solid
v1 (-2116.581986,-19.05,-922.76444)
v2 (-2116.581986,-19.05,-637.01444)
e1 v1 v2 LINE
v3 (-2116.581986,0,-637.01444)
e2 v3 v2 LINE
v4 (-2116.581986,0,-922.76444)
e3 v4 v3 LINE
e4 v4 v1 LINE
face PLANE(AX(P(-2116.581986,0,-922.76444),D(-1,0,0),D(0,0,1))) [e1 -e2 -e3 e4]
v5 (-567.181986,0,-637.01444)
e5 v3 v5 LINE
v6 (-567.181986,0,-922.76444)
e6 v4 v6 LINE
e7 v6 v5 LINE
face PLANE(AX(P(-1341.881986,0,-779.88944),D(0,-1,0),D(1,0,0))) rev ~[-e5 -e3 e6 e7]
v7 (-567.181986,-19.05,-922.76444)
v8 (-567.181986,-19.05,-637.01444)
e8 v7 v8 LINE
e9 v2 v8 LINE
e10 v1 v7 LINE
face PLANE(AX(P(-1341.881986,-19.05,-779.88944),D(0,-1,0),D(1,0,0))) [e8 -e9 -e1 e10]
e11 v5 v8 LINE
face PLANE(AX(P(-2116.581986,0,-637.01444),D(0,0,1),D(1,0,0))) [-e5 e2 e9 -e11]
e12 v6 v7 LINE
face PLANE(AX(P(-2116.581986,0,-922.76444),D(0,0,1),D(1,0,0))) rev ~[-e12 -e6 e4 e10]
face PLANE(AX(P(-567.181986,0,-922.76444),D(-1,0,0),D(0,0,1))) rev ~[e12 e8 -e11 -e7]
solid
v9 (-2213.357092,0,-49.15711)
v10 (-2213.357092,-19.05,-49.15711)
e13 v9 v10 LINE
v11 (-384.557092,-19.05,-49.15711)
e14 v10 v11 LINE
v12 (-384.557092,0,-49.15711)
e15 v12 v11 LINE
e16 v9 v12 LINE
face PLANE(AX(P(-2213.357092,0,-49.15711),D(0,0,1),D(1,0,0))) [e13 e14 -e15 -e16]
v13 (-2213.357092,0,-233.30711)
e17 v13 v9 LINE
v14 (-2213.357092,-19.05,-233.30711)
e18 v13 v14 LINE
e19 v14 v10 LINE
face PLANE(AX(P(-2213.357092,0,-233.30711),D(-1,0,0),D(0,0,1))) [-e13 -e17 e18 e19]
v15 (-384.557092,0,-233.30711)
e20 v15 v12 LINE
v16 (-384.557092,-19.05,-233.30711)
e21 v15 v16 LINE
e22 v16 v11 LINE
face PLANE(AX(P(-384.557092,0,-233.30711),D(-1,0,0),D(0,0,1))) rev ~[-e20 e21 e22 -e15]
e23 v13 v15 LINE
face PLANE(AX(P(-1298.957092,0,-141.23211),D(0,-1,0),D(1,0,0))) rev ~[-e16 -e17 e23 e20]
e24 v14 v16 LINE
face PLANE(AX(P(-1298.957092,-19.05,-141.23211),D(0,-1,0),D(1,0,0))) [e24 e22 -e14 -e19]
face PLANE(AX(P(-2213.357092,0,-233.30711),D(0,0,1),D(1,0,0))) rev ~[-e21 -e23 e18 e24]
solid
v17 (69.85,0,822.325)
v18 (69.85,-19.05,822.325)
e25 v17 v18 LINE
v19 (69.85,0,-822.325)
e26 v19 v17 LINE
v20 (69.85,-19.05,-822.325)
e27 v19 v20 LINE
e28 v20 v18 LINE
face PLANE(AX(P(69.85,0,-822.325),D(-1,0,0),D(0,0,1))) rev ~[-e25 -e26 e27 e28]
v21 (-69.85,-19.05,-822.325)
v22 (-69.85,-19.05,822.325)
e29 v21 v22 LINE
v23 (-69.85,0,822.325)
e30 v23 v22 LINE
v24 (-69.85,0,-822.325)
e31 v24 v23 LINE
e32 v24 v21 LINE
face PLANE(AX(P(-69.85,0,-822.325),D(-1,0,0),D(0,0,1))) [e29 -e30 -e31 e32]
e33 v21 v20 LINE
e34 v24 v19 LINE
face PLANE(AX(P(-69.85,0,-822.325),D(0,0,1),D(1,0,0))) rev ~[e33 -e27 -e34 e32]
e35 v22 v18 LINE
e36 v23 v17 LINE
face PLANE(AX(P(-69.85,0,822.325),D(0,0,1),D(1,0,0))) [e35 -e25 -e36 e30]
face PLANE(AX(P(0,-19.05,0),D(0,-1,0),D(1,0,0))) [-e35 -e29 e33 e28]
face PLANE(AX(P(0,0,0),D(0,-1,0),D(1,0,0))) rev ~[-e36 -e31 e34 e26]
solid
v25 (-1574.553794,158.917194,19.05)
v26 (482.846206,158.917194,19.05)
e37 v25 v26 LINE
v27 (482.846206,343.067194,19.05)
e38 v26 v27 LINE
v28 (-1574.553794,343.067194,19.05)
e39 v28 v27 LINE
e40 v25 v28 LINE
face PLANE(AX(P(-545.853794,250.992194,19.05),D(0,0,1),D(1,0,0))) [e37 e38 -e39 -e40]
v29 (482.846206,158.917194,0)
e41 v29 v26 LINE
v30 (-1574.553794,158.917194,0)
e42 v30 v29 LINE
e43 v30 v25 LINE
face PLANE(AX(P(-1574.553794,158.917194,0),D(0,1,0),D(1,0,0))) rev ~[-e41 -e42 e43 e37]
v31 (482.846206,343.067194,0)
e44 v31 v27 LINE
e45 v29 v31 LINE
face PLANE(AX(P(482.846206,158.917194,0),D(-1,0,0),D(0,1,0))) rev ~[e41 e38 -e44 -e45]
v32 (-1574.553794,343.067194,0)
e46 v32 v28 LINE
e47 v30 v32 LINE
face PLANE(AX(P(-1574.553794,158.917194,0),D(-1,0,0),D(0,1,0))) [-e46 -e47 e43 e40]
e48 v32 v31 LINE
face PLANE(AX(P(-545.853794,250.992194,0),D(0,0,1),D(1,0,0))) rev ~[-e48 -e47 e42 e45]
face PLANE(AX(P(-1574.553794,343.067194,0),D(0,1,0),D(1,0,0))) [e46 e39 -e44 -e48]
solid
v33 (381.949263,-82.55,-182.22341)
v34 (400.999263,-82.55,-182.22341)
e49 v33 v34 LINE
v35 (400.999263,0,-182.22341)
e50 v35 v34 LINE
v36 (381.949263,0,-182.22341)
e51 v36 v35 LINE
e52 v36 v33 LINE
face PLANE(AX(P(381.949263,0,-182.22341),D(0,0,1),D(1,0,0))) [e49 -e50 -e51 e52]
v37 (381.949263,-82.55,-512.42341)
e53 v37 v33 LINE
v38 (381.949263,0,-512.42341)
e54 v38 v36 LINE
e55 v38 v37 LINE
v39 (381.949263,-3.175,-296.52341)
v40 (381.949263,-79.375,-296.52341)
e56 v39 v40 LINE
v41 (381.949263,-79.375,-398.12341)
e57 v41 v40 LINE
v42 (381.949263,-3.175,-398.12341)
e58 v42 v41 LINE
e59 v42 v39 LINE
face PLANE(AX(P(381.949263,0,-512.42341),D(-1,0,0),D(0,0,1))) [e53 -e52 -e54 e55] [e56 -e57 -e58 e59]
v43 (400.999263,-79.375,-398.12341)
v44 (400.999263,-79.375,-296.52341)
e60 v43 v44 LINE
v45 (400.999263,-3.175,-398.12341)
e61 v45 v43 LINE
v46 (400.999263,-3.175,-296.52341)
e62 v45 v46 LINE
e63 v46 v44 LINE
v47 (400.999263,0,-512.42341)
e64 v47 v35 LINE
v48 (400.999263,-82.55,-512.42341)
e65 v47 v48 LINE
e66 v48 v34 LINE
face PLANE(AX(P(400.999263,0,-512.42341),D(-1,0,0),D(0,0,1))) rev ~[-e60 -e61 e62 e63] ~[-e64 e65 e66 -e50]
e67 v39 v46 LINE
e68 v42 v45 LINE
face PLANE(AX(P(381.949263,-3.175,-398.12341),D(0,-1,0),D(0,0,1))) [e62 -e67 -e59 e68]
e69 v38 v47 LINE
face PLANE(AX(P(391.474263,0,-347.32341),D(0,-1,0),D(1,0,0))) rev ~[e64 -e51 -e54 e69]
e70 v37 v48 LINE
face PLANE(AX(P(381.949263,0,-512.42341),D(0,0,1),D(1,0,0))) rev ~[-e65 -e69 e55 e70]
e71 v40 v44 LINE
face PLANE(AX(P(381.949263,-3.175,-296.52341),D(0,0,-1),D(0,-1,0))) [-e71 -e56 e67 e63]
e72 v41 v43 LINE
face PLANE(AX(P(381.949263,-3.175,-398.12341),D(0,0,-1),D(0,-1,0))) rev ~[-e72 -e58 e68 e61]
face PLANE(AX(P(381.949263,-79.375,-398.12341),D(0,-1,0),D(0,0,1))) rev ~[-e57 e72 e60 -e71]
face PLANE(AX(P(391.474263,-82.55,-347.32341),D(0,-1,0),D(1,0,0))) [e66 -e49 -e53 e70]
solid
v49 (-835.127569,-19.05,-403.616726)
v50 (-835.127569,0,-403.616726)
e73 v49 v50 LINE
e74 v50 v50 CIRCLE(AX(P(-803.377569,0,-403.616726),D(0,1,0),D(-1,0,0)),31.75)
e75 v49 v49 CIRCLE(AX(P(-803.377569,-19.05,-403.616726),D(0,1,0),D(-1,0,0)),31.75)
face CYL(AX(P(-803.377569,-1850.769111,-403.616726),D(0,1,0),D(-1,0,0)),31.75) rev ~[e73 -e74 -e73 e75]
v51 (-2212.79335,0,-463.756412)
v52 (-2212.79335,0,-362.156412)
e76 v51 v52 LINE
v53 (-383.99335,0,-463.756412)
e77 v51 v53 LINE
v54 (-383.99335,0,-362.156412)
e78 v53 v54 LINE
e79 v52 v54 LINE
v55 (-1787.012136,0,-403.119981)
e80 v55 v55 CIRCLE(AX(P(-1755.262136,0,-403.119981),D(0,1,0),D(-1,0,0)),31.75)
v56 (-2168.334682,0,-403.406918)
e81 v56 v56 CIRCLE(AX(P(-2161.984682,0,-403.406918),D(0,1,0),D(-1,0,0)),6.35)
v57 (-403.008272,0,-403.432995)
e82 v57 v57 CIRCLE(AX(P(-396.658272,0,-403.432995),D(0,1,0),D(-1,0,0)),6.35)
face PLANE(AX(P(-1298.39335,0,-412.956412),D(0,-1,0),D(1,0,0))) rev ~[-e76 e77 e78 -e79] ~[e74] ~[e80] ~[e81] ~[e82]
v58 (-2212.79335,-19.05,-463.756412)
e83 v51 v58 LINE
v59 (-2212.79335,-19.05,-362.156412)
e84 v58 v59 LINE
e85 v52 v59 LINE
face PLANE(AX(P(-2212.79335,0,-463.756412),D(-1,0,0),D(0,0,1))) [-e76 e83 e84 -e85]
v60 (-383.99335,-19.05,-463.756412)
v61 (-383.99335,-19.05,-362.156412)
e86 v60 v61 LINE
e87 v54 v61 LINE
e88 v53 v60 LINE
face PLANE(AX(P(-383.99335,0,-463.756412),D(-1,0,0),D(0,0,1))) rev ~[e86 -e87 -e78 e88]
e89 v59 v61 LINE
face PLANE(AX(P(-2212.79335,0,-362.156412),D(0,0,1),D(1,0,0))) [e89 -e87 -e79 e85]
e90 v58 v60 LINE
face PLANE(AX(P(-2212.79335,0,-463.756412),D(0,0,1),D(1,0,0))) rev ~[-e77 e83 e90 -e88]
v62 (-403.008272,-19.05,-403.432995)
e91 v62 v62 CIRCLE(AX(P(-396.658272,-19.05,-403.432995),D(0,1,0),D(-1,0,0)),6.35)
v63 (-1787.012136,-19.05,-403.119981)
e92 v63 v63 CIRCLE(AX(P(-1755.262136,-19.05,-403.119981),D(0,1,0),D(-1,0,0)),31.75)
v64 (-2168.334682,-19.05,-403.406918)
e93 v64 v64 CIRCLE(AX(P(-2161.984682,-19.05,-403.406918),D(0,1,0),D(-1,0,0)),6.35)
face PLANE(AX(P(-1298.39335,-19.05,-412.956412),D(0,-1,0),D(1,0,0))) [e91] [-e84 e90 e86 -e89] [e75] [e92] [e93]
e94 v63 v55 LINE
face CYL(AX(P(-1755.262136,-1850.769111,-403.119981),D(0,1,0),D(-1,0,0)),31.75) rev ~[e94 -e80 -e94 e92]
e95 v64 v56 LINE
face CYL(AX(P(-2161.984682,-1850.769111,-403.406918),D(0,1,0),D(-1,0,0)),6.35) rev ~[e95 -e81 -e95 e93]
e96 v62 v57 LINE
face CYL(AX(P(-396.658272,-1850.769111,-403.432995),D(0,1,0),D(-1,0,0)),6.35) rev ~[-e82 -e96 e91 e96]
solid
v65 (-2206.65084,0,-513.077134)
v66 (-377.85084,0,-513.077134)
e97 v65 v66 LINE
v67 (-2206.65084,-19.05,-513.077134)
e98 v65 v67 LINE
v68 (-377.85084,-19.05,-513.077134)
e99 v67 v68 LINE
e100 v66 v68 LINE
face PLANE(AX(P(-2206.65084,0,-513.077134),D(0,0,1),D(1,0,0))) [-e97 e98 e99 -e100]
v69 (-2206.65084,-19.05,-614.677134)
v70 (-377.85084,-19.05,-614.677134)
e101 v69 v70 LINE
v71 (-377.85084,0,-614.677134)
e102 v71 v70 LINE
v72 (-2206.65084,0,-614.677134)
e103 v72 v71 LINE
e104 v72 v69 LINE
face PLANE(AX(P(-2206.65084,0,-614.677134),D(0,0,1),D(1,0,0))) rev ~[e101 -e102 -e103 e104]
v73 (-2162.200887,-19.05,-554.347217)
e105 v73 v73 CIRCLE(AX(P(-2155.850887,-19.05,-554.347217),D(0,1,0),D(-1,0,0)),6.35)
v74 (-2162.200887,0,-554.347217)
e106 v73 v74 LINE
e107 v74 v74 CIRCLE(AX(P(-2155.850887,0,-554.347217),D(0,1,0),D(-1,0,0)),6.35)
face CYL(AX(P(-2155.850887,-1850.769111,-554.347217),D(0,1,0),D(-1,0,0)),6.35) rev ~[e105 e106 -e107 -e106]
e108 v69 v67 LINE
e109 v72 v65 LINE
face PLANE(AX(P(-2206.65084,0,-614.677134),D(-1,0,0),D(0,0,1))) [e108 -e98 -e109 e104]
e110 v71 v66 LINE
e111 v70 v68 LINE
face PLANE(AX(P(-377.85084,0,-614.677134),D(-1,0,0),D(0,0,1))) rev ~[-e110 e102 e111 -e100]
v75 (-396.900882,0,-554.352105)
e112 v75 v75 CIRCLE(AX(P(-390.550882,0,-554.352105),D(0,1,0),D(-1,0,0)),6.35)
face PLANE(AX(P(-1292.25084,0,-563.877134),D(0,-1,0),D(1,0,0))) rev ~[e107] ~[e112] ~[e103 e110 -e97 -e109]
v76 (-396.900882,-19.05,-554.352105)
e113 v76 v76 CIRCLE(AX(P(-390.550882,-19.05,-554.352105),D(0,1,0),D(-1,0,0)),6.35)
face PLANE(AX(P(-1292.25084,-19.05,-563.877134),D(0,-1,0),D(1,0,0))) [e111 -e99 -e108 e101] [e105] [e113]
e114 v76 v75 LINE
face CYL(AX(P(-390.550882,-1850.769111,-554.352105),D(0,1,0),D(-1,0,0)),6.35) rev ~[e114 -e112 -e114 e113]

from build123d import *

# Parameters (mm, degrees)
F0_W      = 139.7
F0_H      = 1644.65
F1_DEPTH  = 19.05
F2_W      = 2057.4
F2_H      = 184.15
F3_DEPTH  = 19.05
F4_W      = 1828.8
F4_H      = 184.15
F5_DEPTH  = 19.05
F6_W      = 1828.8
F6_H      = 101.6
F7_DEPTH  = 19.05
F8_W      = 19.05
F8_H      = 330.2
F9_DEPTH  = 82.55
F12_D     = 12.7
F13_W     = 1549.4
F13_H     = 285.75
F14_DEPTH = 19.05
F16_D     = 63.5
F17_W     = 1828.8
F17_H     = 101.6
F18_DEPTH = 19.05
F21_D     = 12.7
F22_W     = 76.2
F22_H     = 101.6
F23_DEPTH = 100.897944


with BuildPart() as f1:
    # F0 (on Front) → F1 (new body)
    with BuildSketch(Plane.XZ):
        Rectangle(F0_W, F0_H)
    extrude(amount=F1_DEPTH)


with BuildPart() as f3:
    # F2 (on Top) → F3 (new body)
    with BuildSketch(Plane.XY):
        with Locations((-545.853794, 250.992194)):
            Rectangle(F2_W, F2_H)
    extrude(amount=F3_DEPTH)


with BuildPart() as f5:
    # F4 (on Front) → F5 (new body)
    with BuildSketch(Plane.XZ):
        with Locations((-1298.957092, -141.23211)):
            Rectangle(F4_W, F4_H)
    extrude(amount=F5_DEPTH)


with BuildPart() as f7:
    # F6 (on Front) → F7 (new body)
    with BuildSketch(Plane.XZ):
        with Locations((-1298.39335, -412.956412)):
            Rectangle(F6_W, F6_H)
    extrude(amount=F7_DEPTH)

    # F12 (through all)
    with Locations(Plane.XZ.offset(19.05)):
        with Locations((-2161.984682, -403.406918), (-396.658272, -403.432995)):
            Hole(F12_D / 2)

    # F16 (through all)
    with Locations(Plane.XZ.offset(19.05)):
        with Locations((-803.377569, -403.616726), (-1755.262136, -403.119981)):
            Hole(F16_D / 2)


with BuildPart() as f9:
    # F8 (on Front) → F9 (new body)
    with BuildSketch(Plane.XZ):
        with Locations((391.474263, -347.32341)):
            Rectangle(F8_W, F8_H)
    extrude(amount=F9_DEPTH)

    # F22 (on face) → F23 (cut, through all)
    with BuildSketch(Plane(origin=(381.949263, 0, 0), x_dir=(0, -1, 0), z_dir=(-1, 0, 0))):
        with Locations((41.275, -347.32341)):
            Rectangle(F22_W, F22_H)
    extrude(amount=-F23_DEPTH, mode=Mode.SUBTRACT)


with BuildPart() as f14:
    # F13 (on Front) → F14 (new body)
    with BuildSketch(Plane.XZ):
        with Locations((-1341.881986, -779.88944)):
            Rectangle(F13_W, F13_H)
    extrude(amount=F14_DEPTH)


with BuildPart() as f18:
    # F17 (on Front) → F18 (new body)
    with BuildSketch(Plane.XZ):
        with Locations((-1292.25084, -563.877134)):
            Rectangle(F17_W, F17_H)
    extrude(amount=F18_DEPTH)

    # F21 (through all)
    with Locations(Plane.XZ.offset(19.05)):
        with Locations((-2155.850887, -554.347217), (-390.550882, -554.352105)):
            Hole(F21_D / 2)


solid = Compound([f1.part, f3.part, f5.part, f7.part, f9.part, f14.part, f18.part])
